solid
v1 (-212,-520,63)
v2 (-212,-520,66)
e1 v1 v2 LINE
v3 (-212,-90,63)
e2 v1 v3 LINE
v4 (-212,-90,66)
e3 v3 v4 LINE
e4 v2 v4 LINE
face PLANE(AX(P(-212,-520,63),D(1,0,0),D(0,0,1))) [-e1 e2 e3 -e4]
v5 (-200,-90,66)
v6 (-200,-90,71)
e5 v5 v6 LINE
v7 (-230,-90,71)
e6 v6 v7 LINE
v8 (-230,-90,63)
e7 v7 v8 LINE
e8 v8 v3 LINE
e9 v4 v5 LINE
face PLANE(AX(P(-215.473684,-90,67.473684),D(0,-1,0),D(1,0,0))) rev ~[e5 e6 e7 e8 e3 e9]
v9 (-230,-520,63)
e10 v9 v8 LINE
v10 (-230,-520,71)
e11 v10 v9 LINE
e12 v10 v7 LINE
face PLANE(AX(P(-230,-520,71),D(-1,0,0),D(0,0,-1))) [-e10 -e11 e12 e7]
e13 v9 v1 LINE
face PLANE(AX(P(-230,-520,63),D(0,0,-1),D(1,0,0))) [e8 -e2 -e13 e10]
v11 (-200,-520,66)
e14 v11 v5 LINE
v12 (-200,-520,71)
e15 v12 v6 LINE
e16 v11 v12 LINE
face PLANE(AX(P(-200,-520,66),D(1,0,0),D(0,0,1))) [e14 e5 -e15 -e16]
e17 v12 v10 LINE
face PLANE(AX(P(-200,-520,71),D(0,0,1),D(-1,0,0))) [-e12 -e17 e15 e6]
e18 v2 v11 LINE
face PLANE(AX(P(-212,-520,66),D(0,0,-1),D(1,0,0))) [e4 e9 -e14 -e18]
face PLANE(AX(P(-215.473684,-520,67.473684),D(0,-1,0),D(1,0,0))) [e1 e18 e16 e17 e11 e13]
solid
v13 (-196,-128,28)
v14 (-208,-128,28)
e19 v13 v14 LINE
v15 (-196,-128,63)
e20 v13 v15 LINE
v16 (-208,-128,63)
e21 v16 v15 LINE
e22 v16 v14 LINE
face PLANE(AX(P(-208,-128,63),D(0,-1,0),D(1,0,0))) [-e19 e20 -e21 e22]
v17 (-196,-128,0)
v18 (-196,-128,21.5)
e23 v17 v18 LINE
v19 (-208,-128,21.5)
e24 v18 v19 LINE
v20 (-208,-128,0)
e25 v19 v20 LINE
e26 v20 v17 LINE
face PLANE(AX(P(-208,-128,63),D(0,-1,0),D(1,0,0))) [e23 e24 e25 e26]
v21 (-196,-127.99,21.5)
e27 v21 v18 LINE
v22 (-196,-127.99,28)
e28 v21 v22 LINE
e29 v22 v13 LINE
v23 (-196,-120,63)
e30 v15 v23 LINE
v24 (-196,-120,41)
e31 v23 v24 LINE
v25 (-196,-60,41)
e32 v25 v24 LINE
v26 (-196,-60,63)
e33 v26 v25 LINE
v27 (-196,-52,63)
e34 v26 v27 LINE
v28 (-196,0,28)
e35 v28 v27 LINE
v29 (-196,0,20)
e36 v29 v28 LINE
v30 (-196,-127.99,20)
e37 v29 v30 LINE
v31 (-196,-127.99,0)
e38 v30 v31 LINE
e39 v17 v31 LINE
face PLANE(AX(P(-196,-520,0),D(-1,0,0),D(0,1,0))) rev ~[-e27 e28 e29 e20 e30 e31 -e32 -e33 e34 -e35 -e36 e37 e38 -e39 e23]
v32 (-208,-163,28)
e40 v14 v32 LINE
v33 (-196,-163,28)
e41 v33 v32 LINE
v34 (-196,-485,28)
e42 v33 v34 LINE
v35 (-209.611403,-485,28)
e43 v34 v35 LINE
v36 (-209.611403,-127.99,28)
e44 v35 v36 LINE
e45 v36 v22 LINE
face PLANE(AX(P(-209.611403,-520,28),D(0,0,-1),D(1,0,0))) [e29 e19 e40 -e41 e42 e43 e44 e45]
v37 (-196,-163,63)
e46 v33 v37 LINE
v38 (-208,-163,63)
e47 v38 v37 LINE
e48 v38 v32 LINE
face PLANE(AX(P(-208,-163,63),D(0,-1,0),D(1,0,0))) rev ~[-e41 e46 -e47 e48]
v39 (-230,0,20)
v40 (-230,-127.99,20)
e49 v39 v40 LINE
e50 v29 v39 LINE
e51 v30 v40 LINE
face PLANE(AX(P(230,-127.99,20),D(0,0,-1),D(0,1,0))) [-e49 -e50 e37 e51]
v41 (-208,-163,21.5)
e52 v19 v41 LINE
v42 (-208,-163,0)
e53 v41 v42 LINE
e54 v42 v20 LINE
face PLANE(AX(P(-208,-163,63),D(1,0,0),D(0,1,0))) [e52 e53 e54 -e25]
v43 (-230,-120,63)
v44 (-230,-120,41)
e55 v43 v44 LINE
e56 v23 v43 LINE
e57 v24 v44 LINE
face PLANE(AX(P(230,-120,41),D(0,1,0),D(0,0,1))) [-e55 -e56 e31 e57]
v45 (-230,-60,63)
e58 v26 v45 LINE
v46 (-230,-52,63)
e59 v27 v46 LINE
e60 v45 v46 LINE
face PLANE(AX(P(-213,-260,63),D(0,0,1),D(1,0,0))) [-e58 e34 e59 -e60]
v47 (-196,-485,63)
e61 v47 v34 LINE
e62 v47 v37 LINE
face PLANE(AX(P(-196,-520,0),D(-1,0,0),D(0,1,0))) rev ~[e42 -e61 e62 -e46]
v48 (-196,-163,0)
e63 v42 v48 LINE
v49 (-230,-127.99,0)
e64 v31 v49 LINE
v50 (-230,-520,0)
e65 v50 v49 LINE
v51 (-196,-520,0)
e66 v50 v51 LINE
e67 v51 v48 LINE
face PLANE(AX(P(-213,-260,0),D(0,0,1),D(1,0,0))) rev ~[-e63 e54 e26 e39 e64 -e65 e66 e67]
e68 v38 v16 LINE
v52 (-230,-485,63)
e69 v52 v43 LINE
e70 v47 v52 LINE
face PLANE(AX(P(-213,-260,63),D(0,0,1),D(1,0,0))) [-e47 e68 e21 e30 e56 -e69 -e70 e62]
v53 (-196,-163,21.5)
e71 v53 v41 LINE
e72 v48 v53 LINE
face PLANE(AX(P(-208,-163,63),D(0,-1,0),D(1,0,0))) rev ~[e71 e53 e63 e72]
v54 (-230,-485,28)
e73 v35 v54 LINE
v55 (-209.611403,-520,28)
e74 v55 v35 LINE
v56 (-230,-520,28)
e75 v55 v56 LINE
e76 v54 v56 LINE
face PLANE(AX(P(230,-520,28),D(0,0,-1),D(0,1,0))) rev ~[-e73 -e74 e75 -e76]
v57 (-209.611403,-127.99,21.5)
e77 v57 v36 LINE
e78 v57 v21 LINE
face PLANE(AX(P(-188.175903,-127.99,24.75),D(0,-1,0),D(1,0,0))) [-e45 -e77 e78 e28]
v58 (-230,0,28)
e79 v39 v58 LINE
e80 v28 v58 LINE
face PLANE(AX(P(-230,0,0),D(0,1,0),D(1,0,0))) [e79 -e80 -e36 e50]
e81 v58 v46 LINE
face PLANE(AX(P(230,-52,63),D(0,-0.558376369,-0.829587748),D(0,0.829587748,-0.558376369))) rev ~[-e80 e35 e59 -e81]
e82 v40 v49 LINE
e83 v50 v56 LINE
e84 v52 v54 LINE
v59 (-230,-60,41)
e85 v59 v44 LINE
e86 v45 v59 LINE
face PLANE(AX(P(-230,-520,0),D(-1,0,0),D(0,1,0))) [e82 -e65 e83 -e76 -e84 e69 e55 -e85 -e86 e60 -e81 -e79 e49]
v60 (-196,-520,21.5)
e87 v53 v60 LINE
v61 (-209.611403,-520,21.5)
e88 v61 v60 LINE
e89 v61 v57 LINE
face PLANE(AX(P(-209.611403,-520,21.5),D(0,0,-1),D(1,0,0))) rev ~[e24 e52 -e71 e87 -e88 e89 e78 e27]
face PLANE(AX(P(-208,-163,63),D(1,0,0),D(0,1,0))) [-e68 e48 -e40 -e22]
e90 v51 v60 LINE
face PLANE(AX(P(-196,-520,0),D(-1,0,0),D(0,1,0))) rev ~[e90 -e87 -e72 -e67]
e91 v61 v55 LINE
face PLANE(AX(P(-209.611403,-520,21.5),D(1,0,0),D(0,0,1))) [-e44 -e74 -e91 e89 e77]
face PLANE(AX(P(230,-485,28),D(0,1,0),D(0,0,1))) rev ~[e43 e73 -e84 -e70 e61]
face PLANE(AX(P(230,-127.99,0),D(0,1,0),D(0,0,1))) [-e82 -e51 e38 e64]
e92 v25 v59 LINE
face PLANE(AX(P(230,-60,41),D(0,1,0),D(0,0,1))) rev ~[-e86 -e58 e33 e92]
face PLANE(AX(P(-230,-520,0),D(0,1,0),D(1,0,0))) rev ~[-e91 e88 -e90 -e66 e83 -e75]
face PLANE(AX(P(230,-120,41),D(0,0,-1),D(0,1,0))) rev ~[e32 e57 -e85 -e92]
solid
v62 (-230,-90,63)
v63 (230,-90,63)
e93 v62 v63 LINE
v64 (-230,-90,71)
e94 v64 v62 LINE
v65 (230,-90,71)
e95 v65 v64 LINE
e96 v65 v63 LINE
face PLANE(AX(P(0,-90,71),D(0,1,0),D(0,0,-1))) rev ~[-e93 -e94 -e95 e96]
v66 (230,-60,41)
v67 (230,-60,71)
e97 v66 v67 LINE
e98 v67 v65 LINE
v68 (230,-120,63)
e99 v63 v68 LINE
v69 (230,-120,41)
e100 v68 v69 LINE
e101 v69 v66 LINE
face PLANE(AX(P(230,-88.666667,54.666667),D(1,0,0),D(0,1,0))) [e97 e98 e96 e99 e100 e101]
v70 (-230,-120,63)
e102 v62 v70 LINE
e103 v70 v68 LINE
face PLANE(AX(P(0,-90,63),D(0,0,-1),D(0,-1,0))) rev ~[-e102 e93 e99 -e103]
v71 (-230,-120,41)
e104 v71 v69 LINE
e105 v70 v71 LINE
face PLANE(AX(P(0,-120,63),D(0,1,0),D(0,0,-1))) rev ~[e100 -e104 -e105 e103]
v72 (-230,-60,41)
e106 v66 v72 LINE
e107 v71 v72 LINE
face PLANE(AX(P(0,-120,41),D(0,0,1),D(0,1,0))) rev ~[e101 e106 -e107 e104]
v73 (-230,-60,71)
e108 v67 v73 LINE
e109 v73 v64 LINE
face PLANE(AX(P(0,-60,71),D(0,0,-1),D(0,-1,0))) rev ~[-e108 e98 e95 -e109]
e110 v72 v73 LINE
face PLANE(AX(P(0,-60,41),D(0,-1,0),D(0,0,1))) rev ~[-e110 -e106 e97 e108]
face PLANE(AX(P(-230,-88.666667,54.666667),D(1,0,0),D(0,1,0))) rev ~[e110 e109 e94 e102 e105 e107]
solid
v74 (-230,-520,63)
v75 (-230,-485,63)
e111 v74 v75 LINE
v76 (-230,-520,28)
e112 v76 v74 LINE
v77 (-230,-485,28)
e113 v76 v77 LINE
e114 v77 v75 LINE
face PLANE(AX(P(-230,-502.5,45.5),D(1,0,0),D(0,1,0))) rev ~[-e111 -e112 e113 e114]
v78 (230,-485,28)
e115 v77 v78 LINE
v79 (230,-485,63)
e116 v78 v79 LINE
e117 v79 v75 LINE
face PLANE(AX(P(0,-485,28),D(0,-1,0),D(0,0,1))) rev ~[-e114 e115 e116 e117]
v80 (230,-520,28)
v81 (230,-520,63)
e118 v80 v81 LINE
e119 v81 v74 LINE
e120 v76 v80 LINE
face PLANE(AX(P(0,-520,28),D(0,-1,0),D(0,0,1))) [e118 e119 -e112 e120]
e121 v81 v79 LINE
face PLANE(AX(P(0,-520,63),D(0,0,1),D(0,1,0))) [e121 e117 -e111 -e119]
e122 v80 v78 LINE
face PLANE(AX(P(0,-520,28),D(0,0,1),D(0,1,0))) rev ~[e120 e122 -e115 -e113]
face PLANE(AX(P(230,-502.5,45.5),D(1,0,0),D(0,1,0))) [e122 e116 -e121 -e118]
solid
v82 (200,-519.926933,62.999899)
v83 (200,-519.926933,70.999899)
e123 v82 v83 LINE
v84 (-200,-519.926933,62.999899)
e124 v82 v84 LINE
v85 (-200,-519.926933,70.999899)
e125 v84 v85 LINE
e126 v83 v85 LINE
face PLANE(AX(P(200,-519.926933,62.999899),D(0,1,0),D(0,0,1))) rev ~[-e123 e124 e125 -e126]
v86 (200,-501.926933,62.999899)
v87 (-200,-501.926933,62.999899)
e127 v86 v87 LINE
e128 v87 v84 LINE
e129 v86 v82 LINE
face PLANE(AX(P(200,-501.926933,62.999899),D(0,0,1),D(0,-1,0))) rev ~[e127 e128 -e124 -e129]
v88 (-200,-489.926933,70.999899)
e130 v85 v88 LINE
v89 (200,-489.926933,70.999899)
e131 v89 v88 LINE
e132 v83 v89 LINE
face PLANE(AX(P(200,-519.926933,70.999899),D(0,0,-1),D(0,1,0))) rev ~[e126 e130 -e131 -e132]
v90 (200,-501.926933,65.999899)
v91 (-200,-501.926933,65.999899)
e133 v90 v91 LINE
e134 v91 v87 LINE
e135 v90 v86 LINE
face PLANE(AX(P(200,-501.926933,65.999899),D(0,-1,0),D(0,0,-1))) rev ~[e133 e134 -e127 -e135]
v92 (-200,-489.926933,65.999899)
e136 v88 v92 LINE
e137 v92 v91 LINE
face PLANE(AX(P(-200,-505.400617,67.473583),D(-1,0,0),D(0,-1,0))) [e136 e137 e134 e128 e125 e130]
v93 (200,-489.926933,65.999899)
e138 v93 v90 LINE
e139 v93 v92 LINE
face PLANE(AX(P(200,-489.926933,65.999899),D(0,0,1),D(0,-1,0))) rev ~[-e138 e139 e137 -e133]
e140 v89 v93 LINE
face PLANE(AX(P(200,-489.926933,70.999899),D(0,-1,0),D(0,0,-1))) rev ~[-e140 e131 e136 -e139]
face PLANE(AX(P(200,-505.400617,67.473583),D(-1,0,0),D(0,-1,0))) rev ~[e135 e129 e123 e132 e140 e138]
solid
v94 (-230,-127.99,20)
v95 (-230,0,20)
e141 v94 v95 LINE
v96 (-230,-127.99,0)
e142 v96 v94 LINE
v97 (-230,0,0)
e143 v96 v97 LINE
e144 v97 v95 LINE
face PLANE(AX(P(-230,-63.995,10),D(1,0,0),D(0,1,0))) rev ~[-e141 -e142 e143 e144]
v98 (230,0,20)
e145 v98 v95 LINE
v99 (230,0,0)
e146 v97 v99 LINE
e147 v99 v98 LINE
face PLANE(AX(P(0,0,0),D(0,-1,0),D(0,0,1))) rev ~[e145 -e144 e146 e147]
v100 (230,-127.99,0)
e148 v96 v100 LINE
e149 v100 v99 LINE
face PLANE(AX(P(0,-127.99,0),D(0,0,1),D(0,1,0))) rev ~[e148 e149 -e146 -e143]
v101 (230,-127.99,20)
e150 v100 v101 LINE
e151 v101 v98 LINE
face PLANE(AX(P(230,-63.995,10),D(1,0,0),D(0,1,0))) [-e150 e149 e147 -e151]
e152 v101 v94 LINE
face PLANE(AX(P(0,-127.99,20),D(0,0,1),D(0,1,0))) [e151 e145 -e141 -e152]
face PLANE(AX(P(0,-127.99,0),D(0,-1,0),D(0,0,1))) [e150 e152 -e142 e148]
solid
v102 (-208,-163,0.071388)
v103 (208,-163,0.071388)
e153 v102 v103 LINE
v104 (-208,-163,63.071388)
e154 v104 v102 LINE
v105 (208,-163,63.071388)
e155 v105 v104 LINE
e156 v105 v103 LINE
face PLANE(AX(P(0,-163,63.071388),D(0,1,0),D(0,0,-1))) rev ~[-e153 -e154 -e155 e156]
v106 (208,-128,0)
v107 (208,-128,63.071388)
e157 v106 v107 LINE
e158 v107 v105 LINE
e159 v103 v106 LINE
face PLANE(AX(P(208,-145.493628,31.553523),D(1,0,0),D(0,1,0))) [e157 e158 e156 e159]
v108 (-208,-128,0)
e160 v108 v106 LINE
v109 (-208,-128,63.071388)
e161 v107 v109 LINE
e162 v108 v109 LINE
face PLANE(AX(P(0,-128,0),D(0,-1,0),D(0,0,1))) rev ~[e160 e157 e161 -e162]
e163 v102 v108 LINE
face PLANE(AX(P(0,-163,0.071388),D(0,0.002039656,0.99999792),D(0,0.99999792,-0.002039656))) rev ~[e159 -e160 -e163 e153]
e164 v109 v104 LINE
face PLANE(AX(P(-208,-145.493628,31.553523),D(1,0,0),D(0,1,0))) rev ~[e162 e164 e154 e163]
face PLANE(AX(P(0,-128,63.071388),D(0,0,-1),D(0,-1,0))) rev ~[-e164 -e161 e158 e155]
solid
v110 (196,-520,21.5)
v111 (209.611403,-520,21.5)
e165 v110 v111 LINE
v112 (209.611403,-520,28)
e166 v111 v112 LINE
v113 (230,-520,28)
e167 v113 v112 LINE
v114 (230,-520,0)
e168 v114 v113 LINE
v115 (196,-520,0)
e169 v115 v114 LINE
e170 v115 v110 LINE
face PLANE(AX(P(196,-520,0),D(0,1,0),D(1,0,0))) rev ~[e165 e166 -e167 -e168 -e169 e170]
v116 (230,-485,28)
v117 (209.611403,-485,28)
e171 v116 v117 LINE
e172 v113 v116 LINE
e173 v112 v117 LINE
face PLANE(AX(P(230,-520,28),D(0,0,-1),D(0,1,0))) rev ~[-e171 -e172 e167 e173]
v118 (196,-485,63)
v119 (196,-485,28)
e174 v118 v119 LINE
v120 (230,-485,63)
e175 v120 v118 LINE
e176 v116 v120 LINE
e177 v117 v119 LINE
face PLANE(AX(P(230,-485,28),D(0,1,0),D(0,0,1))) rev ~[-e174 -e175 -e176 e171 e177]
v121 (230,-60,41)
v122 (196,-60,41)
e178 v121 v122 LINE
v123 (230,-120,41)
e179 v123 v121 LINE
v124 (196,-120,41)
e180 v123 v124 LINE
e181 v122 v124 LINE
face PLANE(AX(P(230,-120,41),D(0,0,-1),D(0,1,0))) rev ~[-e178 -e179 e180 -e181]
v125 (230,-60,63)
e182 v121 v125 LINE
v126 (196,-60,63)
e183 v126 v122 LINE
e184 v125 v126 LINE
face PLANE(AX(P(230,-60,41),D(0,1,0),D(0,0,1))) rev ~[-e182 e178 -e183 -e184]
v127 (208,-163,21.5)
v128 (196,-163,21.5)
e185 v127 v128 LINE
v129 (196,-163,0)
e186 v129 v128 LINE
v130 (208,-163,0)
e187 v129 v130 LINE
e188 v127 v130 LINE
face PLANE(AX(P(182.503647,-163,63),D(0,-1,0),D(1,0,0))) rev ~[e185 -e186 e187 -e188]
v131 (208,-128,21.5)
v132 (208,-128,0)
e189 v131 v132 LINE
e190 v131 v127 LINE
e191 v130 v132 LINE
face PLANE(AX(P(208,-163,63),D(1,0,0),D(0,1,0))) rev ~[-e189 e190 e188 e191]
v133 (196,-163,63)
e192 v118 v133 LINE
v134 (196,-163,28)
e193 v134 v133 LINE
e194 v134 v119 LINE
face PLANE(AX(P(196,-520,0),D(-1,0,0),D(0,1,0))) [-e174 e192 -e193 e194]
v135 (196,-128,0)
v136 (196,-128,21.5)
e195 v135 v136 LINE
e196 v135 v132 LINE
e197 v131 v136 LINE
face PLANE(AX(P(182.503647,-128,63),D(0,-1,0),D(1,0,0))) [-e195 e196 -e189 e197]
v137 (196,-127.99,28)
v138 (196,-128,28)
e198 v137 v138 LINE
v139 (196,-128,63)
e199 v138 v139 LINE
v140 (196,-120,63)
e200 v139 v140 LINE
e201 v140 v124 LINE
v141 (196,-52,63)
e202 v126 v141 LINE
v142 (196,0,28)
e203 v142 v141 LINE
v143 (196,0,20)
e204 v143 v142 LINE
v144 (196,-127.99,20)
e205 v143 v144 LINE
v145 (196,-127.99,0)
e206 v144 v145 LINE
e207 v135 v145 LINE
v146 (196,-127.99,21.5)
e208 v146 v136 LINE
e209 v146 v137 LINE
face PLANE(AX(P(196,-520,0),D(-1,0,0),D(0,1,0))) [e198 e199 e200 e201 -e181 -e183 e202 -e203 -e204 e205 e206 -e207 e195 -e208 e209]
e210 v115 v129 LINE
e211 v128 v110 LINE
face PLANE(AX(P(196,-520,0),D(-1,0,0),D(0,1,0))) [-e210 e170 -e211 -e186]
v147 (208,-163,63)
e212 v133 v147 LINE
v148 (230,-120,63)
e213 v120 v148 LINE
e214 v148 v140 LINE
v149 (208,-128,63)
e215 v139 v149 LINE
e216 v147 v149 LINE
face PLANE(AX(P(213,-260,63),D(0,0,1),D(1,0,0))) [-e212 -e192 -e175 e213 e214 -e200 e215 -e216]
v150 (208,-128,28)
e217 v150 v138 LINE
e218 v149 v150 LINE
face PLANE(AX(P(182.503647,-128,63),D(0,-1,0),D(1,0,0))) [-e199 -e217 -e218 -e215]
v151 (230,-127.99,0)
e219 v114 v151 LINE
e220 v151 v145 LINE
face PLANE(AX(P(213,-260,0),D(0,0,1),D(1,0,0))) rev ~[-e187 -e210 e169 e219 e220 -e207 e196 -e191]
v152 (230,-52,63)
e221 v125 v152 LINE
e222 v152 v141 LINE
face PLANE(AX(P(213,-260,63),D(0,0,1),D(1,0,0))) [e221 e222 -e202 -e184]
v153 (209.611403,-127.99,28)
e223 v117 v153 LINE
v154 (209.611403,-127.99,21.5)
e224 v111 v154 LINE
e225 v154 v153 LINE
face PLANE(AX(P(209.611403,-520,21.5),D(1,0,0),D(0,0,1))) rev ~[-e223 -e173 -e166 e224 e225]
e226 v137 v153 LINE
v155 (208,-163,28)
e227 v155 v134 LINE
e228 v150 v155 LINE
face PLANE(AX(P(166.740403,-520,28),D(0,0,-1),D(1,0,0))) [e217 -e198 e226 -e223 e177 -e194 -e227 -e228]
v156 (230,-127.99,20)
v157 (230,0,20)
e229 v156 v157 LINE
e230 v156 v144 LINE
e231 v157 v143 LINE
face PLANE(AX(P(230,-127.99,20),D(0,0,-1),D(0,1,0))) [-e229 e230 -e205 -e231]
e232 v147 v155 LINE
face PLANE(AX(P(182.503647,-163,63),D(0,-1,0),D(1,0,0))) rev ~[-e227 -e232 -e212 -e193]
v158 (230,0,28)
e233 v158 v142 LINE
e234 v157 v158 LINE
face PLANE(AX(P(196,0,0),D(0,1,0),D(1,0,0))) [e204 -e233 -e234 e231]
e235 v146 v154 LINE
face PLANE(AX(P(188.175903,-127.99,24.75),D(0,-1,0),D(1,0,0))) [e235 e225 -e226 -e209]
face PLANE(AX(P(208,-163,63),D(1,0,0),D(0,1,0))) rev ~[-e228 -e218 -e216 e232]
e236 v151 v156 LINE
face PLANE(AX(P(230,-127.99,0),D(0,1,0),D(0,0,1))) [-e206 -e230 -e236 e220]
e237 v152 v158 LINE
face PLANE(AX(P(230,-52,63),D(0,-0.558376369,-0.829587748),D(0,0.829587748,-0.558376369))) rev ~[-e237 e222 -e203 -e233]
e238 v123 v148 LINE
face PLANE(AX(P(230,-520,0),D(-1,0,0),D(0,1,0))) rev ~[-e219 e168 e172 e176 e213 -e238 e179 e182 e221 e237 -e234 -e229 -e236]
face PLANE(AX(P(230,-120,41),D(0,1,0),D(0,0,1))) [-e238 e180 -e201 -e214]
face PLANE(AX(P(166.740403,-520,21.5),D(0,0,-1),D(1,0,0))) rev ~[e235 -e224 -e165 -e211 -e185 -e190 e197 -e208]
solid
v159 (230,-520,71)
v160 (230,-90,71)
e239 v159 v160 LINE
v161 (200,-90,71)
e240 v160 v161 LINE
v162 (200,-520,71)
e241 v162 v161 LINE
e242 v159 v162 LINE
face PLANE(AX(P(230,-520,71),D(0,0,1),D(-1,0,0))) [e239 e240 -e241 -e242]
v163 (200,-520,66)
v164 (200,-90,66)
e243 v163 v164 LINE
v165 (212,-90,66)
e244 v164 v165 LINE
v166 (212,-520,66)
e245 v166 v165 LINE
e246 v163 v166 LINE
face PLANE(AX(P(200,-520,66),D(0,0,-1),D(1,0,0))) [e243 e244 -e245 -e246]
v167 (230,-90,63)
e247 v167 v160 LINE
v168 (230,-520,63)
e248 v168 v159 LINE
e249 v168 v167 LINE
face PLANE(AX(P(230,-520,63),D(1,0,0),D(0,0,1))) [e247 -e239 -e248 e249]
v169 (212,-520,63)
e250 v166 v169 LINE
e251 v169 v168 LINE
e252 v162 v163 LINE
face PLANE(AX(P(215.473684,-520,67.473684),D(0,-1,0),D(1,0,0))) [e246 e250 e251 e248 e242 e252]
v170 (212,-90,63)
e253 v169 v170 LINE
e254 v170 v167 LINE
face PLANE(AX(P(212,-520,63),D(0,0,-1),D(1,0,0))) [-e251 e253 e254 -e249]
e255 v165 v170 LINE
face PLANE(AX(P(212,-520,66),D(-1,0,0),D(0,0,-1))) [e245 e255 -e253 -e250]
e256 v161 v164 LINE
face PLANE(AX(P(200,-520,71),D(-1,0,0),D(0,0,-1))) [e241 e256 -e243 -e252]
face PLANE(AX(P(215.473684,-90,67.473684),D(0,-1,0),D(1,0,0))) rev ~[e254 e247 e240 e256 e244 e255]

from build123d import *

# Parameters (mm, degrees)
F0_W           = 34
F0_H           = 520
F1_DEPTH       = 63
F2_W           = 35
F2_H           = 35
F2_W_2         = 60
F2_H_2         = 22
F2_W_3         = 127.99
F2_H_3         = 20
F3_DEPTH       = 460.001
F5_DEPTH       = 230
F5_DEPTH_BACK  = 230
F4_W           = 35
F4_H           = 35
F4_W_2         = 127.99
F4_H_2         = 20
F6_W           = 42.871
F6_H           = 6.5
F7_DEPTH       = 392.01
F8_W           = 25.496352553
F8_H           = 35
F9_DEPTH       = 63.001
F11_DEPTH      = 208
F11_DEPTH_BACK = 208
F13_DEPTH      = 430
F15_DEPTH      = 400


with BuildPart() as f1:
    # F0 (on Top) → F1 (new body)
    with BuildSketch(Plane.XY):
        with Locations((-213, -260)):
            Rectangle(F0_W, F0_H)
    extrude(amount=F1_DEPTH)


with BuildPart() as f1b:
    # F0 (on Top) → F1, piece 2 (new body)
    with BuildSketch(Plane.XY):
        with Locations((213, -260)):
            Rectangle(F0_W, F0_H)
    extrude(amount=F1_DEPTH)


with BuildPart() as f3_tool:
    # F2 (on face) → F3 (new body, through all)
    with BuildSketch(Plane.YZ.offset(230)):
        with Locations((-502.5, 45.5)):
            Rectangle(F2_W, F2_H)
        with Locations((-90, 52)):
            Rectangle(F2_W_2, F2_H_2)
        with Locations((-63.995, 10)):
            Rectangle(F2_W_3, F2_H_3)
        Polygon((-52, 69.1977664828), (-52, 63), (0, 28), (7.8393500298, 28), (7.8393500298, 69.1977664828), align=None)
    extrude(amount=-F3_DEPTH)


with BuildPart() as f1_1:
    add(f1.part)

    # F3: cut by f3_tool
    add(f3_tool.part, mode=Mode.SUBTRACT)


with BuildPart() as f1b_1:
    add(f1b.part)

    # F3: cut by f3_tool
    add(f3_tool.part, mode=Mode.SUBTRACT)


with BuildPart() as f5:
    # F4 (on Right) → F5 (new body, two sides)
    with BuildSketch(Plane.YZ) as f5_sk:
        Polygon((-90, 71), (-90, 63), (-120, 63), (-120, 41), (-60, 41), (-60, 71), align=None)
    extrude(amount=-F5_DEPTH)
    extrude(f5_sk.sketch, amount=F5_DEPTH_BACK)


with BuildPart() as f5b:
    # F4 (on Right) → F5, piece 2 (new body, two sides)
    with BuildSketch(Plane.YZ) as f5_2_sk:
        with Locations((-502.5, 45.5)):
            Rectangle(F4_W, F4_H)
    extrude(amount=-F5_DEPTH)
    extrude(f5_2_sk.sketch, amount=F5_DEPTH_BACK)


with BuildPart() as f5c:
    # F4 (on Right) → F5, piece 3 (new body, two sides)
    with BuildSketch(Plane.YZ) as f5_3_sk:
        with Locations((-63.995, 10)):
            Rectangle(F4_W_2, F4_H_2)
    extrude(amount=-F5_DEPTH)
    extrude(f5_3_sk.sketch, amount=F5_DEPTH_BACK)


with BuildPart() as f7_tool:
    # F6 (on face) → F7 (new body, through all)
    with BuildSketch(Plane.XZ.offset(520)):
        with Locations((-188.1759025793, 24.75)):
            Rectangle(F6_W, F6_H)
        with Locations((188.1759025793, 24.75)):
            Rectangle(F6_W, F6_H)
    extrude(amount=-F7_DEPTH)


with BuildPart() as f1_2:
    add(f1_1.part)

    # F7: cut by f7_tool
    add(f7_tool.part, mode=Mode.SUBTRACT)


with BuildPart() as f1b_2:
    add(f1b_1.part)

    # F7: cut by f7_tool
    add(f7_tool.part, mode=Mode.SUBTRACT)


with BuildPart() as f9_tool:
    # F8 (on face) → F9 (new body, through all)
    with BuildSketch(Plane.XY.offset(63)):
        with Locations((-195.2518237235, -145.5)):
            Rectangle(F8_W, F8_H)
        with Locations((195.2518237235, -145.5)):
            Rectangle(F8_W, F8_H)
    extrude(amount=-F9_DEPTH)


with BuildPart() as f1_3:
    add(f1_2.part)

    # F9: cut by f9_tool
    add(f9_tool.part, mode=Mode.SUBTRACT)


with BuildPart() as f1b_3:
    add(f1b_2.part)

    # F9: cut by f9_tool
    add(f9_tool.part, mode=Mode.SUBTRACT)


with BuildPart() as f11:
    # F10 (on Right) → F11 (new body, two sides)
    with BuildSketch(Plane.YZ) as f11_sk:
        Polygon((-163, 63.0713881249), (-163, 0.0713881249), (-128, 0), (-128, 63.0713881249), align=None)
    extrude(amount=-F11_DEPTH)
    extrude(f11_sk.sketch, amount=F11_DEPTH_BACK)


with BuildPart() as f13:
    # F12 (on face) → F13 (new body, through all)
    with BuildSketch(Plane.XZ.offset(520)):
        Polygon((212, 63), (230, 63), (230, 71), (200, 71), (200, 66), (212, 66), align=None)
    extrude(amount=-F13_DEPTH)


with BuildPart() as f13b:
    # F12 (on face) → F13, piece 2 (new body, through all)
    with BuildSketch(Plane.XZ.offset(520)):
        Polygon((-212, 66), (-200, 66), (-200, 71), (-230, 71), (-230, 63), (-212, 63), align=None)
    extrude(amount=-F13_DEPTH)


with BuildPart() as f15:
    # F14 (on face) → F15 (new body, through all)
    with BuildSketch(Plane(origin=(200, 0, 0), x_dir=(0, -1, 0), z_dir=(-1, 0, 0))):
        Polygon((501.9269328117, 62.9998991688), (519.9269328117, 62.9998991688), (519.9269328117, 70.9998991688), (489.9269328117, 70.9998991688), (489.9269328117, 65.9998991688), (501.9269328117, 65.9998991688), align=None)
    extrude(amount=F15_DEPTH)


solid = Compound([f5.part, f5b.part, f5c.part, f1_3.part, f1b_3.part, f11.part, f13.part, f13b.part, f15.part])
